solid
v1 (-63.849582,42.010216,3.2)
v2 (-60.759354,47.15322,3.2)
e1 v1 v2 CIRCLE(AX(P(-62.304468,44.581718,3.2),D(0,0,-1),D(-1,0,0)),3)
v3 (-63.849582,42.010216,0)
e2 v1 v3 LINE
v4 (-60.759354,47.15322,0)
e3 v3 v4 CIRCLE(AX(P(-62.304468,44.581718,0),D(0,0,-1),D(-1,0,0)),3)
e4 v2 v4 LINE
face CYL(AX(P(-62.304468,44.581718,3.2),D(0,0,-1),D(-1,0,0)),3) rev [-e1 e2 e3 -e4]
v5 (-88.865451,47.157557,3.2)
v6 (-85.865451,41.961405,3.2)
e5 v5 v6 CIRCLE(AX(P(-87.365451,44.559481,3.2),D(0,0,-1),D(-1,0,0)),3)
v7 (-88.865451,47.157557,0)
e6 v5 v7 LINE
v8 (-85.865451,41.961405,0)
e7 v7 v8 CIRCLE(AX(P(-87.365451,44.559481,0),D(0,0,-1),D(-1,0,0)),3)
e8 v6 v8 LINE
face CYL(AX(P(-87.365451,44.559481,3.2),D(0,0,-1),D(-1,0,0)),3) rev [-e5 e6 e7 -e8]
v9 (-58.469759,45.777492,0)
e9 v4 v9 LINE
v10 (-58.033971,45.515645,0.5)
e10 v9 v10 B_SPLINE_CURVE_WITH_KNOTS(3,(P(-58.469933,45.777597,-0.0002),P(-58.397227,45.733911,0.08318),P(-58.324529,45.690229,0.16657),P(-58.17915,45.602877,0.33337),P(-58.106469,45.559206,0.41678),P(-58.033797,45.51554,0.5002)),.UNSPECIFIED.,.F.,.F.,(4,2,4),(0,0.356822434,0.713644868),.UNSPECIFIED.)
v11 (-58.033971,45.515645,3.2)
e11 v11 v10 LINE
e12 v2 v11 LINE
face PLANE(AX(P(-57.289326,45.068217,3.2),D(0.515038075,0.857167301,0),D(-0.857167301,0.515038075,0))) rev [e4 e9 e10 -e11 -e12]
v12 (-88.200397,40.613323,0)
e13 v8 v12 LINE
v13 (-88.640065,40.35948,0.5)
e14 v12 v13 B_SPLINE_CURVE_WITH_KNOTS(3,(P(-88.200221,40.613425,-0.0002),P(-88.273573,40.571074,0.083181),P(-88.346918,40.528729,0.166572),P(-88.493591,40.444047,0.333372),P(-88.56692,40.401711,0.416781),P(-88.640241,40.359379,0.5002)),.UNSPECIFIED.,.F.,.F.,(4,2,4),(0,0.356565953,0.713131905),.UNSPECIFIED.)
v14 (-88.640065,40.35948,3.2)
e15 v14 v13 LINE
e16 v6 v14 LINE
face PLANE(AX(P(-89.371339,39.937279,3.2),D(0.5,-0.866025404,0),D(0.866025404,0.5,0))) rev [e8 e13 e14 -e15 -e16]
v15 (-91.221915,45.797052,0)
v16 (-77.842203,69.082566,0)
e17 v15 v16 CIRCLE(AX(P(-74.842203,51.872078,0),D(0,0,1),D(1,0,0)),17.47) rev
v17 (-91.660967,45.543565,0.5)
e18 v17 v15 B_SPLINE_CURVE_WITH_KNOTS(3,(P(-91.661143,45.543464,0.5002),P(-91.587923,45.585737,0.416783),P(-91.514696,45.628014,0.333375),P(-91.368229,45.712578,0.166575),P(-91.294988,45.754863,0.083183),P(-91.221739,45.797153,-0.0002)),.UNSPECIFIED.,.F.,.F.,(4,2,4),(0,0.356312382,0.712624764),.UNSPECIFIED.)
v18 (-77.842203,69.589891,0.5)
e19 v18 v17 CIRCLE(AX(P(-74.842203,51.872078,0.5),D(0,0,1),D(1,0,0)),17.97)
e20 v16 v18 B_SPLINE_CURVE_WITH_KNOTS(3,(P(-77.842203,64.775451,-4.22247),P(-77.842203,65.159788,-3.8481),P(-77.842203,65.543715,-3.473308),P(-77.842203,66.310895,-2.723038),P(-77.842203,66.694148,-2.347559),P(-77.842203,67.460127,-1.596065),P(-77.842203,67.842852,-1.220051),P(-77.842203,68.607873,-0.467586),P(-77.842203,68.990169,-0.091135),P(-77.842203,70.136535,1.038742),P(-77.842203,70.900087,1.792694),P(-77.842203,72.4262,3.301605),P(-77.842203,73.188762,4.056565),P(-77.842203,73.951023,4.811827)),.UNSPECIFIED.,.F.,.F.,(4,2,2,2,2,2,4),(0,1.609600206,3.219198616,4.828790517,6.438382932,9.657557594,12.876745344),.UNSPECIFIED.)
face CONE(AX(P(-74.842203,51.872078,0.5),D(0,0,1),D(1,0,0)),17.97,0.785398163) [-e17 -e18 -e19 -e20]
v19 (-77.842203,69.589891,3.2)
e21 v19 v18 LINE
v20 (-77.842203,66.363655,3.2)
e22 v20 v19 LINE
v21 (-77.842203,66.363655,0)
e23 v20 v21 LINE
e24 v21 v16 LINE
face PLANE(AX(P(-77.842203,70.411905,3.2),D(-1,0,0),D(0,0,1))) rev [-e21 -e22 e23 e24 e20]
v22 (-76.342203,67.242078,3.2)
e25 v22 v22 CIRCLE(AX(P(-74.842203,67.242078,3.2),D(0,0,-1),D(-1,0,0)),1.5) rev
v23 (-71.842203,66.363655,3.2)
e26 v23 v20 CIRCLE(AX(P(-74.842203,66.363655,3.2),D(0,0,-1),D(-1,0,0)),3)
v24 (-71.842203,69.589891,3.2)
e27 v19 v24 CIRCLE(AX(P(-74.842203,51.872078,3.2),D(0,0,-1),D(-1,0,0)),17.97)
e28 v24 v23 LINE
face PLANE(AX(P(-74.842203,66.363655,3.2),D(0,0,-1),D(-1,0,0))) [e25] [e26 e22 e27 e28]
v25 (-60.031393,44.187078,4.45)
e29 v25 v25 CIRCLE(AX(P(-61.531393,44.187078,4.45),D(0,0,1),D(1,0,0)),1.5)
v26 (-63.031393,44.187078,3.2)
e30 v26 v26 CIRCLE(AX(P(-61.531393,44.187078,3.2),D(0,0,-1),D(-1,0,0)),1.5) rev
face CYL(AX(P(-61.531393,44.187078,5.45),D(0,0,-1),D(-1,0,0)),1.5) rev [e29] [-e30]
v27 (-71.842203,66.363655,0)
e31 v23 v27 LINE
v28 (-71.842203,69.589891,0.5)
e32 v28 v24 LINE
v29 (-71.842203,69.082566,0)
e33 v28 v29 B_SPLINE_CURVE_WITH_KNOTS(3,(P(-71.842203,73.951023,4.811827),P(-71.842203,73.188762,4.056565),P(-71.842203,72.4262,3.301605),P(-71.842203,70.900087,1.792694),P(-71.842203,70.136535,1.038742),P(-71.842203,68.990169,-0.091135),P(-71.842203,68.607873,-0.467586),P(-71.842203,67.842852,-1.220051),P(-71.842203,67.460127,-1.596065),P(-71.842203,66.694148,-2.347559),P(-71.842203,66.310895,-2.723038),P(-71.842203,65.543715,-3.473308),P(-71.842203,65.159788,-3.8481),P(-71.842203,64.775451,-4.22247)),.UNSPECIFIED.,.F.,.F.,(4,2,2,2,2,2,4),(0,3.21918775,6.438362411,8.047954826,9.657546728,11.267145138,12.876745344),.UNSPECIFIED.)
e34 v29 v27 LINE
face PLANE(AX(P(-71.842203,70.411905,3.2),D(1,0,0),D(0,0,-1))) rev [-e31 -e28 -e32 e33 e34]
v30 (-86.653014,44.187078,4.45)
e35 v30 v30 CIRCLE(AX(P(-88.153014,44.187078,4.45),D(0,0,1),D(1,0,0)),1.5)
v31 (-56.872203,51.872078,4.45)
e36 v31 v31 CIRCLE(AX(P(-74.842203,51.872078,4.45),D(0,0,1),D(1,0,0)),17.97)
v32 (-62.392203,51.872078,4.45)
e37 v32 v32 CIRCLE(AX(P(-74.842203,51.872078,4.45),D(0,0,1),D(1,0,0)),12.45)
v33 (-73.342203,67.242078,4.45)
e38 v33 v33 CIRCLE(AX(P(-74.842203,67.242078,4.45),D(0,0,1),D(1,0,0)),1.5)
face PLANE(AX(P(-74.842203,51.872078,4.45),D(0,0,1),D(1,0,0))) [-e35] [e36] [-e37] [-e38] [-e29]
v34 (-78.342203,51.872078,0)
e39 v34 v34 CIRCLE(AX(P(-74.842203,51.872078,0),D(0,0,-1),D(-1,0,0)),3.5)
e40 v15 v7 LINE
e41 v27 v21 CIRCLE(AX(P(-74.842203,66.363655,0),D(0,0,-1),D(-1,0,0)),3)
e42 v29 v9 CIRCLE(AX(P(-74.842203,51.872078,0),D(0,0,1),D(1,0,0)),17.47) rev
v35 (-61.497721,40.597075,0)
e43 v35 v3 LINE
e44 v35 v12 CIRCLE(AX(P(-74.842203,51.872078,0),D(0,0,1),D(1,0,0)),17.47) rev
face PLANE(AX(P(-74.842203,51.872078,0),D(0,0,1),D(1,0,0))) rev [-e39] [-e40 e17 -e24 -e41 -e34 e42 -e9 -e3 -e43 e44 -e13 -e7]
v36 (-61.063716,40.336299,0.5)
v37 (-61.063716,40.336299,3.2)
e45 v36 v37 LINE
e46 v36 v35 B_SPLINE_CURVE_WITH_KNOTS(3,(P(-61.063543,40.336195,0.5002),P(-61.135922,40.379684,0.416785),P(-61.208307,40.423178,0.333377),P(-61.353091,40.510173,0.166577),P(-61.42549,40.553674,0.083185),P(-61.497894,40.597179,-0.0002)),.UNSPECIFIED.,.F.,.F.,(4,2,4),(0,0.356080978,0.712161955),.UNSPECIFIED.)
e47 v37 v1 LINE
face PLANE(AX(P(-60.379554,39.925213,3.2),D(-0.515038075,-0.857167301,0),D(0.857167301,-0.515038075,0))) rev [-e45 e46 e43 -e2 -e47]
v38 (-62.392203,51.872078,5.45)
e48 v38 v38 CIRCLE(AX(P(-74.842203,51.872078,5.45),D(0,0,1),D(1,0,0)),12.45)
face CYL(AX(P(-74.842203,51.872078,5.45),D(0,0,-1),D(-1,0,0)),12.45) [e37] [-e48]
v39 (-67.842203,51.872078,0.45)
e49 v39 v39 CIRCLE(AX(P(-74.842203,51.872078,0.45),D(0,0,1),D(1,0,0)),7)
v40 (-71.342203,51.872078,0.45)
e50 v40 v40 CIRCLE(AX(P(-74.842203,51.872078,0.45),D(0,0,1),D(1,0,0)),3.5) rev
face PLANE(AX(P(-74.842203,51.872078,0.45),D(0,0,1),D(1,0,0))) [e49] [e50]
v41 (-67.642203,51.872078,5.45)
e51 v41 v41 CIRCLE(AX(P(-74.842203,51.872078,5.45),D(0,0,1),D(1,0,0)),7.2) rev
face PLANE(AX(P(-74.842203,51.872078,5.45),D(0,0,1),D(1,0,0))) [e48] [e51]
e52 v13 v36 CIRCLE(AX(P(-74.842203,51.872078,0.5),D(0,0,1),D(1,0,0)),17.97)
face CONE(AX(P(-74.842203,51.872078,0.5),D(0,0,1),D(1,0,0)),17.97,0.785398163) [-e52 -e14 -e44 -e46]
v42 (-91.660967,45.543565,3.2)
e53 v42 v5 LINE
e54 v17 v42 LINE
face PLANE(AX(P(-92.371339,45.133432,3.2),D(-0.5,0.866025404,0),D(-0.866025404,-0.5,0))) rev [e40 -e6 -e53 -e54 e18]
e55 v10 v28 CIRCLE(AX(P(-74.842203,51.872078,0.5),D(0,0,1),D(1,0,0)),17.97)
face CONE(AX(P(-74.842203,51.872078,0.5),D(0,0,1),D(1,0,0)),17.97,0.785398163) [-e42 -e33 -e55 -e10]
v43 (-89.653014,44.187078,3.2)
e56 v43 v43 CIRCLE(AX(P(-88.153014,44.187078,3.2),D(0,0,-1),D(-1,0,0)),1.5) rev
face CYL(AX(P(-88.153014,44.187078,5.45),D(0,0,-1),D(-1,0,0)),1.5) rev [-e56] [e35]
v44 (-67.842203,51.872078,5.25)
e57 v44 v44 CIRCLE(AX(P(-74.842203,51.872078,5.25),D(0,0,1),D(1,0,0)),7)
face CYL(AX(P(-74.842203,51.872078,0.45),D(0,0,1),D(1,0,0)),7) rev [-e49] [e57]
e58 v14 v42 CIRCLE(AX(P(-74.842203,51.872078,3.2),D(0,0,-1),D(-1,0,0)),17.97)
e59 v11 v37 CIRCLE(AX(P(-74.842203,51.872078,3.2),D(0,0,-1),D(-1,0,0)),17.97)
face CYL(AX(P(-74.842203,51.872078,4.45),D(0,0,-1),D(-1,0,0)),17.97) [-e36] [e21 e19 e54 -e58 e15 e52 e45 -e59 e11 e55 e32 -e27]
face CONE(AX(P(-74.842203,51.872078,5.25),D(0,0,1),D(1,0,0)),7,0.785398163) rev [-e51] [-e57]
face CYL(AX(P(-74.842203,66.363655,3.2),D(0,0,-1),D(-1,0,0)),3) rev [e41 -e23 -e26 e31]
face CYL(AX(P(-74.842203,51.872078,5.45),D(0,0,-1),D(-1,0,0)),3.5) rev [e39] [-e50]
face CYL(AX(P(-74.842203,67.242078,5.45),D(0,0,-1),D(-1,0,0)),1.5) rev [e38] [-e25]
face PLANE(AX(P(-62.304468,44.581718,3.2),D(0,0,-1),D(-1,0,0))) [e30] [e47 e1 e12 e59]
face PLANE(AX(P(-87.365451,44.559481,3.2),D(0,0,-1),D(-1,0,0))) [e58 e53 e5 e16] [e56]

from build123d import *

# Parameters (mm, degrees)
ESQUISSE1_R             = 17.97
BOSS_EXTRU_1_DEPTH      = 4.45
ESQUISSE2_R             = 12.45
BOSS_EXTRU_2_DEPTH      = 1
CHANFREIN1_SIZE         = 0.5
ESQUISSE5_R             = 1.5
ENL_V_MAT_EXTRU_1_DEPTH = 6.45
ESQUISSE6_R             = 3.5
ENL_V_MAT_EXTRU_2_DEPTH = 6.45
ESQUISSE7_R             = 7
ENL_V_MAT_EXTRU_3_DEPTH = 5
ENL_V_MAT_EXTRU_4_DEPTH = 3.2
CHANFREIN2_SIZE         = 0.2


with BuildPart() as part:
    # Esquisse1 → Boss.-Extru.1 (new body)
    with BuildSketch(Plane.XY):
        with Locations((-74.842203198, 51.872077922)):
            Circle(ESQUISSE1_R)
    extrude(amount=BOSS_EXTRU_1_DEPTH)

    # Esquisse2 → Boss.-Extru.2 (add)
    with BuildSketch(Plane.XY.offset(4.45)):
        with Locations((-74.842203198, 51.872077922)):
            Circle(ESQUISSE2_R)
    extrude(amount=BOSS_EXTRU_2_DEPTH)

    # Chanfrein1
    chanfrein1_edges = [part.edges().sort_by_distance(p)[0] for p in [
        (-92.812203198, 51.872077922, 0),
    ]]
    chamfer(chanfrein1_edges, length=CHANFREIN1_SIZE)

    # Esquisse5 → Enlèv. mat.-Extru.1 (cut, through all)
    with BuildSketch(Plane(origin=(0, 0, 0), x_dir=(-1, 0, 0), z_dir=(0, 0, -1))):
        with Locations((74.842203198, 67.242077922)):
            Circle(ESQUISSE5_R)
        with Locations((61.531392742, 44.187077922)):
            Circle(ESQUISSE5_R)
        with Locations((88.153013654, 44.187077922)):
            Circle(ESQUISSE5_R)
    extrude(amount=-ENL_V_MAT_EXTRU_1_DEPTH, mode=Mode.SUBTRACT)

    # Esquisse6 → Enlèv. mat.-Extru.2 (cut, through all)
    with BuildSketch(Plane(origin=(0, 0, 0), x_dir=(-1, 0, 0), z_dir=(0, 0, -1))):
        with Locations((74.842203198, 51.872077922)):
            Circle(ESQUISSE6_R)
    extrude(amount=-ENL_V_MAT_EXTRU_2_DEPTH, mode=Mode.SUBTRACT)

    # Esquisse7 → Enlèv. mat.-Extru.3 (cut)
    with BuildSketch(Plane.XY.offset(5.45)):
        with Locations((-74.842203198, 51.872077922)):
            Circle(ESQUISSE7_R)
    extrude(amount=-ENL_V_MAT_EXTRU_3_DEPTH, mode=Mode.SUBTRACT)

    # Esquisse8 → Enlèv. mat.-Extru.4 (cut)
    with BuildSketch(Plane(origin=(0, 0, 0), x_dir=(-1, 0, 0), z_dir=(0, 0, -1))):
        with BuildLine():
            Line((71.842203198, 70.411905134), (71.842203198, 66.363654544))
            ThreePointArc((71.842203198, 66.363654544), (74.842203198, 63.363654544), (77.842203198, 66.363654544))
            Line((77.842203198, 66.363654544), (77.842203198, 70.411905134))
            Line((77.842203198, 70.411905134), (71.842203198, 70.411905134))
        make_face()
        with BuildLine():
            Line((60.379554388, 39.925212907), (63.849582418, 42.010216097))
            ThreePointArc((63.849582418, 42.010216097), (64.875970095, 46.126832224), (60.759353968, 47.153219901))
            Line((60.759353968, 47.153219901), (57.289325938, 45.068216711))
            Line((57.289325938, 45.068216711), (60.379554388, 39.925212907))
        make_face()
        with BuildLine():
            Line((92.371338943, 45.133431645), (88.865451092, 47.15755694))
            ThreePointArc((88.865451092, 47.15755694), (84.76737488, 46.059480728), (85.865451092, 41.961404517))
            Line((85.865451092, 41.961404517), (89.371338943, 39.937279222))
            Line((89.371338943, 39.937279222), (92.371338943, 45.133431645))
        make_face()
    extrude(amount=-ENL_V_MAT_EXTRU_4_DEPTH, mode=Mode.SUBTRACT)

    # Chanfrein2
    chanfrein2_edges = [part.edges().sort_by_distance(p)[0] for p in [
        (-81.842203198, 51.872077922, 5.45),
    ]]
    chamfer(chanfrein2_edges, length=CHANFREIN2_SIZE)


solid = part.part
